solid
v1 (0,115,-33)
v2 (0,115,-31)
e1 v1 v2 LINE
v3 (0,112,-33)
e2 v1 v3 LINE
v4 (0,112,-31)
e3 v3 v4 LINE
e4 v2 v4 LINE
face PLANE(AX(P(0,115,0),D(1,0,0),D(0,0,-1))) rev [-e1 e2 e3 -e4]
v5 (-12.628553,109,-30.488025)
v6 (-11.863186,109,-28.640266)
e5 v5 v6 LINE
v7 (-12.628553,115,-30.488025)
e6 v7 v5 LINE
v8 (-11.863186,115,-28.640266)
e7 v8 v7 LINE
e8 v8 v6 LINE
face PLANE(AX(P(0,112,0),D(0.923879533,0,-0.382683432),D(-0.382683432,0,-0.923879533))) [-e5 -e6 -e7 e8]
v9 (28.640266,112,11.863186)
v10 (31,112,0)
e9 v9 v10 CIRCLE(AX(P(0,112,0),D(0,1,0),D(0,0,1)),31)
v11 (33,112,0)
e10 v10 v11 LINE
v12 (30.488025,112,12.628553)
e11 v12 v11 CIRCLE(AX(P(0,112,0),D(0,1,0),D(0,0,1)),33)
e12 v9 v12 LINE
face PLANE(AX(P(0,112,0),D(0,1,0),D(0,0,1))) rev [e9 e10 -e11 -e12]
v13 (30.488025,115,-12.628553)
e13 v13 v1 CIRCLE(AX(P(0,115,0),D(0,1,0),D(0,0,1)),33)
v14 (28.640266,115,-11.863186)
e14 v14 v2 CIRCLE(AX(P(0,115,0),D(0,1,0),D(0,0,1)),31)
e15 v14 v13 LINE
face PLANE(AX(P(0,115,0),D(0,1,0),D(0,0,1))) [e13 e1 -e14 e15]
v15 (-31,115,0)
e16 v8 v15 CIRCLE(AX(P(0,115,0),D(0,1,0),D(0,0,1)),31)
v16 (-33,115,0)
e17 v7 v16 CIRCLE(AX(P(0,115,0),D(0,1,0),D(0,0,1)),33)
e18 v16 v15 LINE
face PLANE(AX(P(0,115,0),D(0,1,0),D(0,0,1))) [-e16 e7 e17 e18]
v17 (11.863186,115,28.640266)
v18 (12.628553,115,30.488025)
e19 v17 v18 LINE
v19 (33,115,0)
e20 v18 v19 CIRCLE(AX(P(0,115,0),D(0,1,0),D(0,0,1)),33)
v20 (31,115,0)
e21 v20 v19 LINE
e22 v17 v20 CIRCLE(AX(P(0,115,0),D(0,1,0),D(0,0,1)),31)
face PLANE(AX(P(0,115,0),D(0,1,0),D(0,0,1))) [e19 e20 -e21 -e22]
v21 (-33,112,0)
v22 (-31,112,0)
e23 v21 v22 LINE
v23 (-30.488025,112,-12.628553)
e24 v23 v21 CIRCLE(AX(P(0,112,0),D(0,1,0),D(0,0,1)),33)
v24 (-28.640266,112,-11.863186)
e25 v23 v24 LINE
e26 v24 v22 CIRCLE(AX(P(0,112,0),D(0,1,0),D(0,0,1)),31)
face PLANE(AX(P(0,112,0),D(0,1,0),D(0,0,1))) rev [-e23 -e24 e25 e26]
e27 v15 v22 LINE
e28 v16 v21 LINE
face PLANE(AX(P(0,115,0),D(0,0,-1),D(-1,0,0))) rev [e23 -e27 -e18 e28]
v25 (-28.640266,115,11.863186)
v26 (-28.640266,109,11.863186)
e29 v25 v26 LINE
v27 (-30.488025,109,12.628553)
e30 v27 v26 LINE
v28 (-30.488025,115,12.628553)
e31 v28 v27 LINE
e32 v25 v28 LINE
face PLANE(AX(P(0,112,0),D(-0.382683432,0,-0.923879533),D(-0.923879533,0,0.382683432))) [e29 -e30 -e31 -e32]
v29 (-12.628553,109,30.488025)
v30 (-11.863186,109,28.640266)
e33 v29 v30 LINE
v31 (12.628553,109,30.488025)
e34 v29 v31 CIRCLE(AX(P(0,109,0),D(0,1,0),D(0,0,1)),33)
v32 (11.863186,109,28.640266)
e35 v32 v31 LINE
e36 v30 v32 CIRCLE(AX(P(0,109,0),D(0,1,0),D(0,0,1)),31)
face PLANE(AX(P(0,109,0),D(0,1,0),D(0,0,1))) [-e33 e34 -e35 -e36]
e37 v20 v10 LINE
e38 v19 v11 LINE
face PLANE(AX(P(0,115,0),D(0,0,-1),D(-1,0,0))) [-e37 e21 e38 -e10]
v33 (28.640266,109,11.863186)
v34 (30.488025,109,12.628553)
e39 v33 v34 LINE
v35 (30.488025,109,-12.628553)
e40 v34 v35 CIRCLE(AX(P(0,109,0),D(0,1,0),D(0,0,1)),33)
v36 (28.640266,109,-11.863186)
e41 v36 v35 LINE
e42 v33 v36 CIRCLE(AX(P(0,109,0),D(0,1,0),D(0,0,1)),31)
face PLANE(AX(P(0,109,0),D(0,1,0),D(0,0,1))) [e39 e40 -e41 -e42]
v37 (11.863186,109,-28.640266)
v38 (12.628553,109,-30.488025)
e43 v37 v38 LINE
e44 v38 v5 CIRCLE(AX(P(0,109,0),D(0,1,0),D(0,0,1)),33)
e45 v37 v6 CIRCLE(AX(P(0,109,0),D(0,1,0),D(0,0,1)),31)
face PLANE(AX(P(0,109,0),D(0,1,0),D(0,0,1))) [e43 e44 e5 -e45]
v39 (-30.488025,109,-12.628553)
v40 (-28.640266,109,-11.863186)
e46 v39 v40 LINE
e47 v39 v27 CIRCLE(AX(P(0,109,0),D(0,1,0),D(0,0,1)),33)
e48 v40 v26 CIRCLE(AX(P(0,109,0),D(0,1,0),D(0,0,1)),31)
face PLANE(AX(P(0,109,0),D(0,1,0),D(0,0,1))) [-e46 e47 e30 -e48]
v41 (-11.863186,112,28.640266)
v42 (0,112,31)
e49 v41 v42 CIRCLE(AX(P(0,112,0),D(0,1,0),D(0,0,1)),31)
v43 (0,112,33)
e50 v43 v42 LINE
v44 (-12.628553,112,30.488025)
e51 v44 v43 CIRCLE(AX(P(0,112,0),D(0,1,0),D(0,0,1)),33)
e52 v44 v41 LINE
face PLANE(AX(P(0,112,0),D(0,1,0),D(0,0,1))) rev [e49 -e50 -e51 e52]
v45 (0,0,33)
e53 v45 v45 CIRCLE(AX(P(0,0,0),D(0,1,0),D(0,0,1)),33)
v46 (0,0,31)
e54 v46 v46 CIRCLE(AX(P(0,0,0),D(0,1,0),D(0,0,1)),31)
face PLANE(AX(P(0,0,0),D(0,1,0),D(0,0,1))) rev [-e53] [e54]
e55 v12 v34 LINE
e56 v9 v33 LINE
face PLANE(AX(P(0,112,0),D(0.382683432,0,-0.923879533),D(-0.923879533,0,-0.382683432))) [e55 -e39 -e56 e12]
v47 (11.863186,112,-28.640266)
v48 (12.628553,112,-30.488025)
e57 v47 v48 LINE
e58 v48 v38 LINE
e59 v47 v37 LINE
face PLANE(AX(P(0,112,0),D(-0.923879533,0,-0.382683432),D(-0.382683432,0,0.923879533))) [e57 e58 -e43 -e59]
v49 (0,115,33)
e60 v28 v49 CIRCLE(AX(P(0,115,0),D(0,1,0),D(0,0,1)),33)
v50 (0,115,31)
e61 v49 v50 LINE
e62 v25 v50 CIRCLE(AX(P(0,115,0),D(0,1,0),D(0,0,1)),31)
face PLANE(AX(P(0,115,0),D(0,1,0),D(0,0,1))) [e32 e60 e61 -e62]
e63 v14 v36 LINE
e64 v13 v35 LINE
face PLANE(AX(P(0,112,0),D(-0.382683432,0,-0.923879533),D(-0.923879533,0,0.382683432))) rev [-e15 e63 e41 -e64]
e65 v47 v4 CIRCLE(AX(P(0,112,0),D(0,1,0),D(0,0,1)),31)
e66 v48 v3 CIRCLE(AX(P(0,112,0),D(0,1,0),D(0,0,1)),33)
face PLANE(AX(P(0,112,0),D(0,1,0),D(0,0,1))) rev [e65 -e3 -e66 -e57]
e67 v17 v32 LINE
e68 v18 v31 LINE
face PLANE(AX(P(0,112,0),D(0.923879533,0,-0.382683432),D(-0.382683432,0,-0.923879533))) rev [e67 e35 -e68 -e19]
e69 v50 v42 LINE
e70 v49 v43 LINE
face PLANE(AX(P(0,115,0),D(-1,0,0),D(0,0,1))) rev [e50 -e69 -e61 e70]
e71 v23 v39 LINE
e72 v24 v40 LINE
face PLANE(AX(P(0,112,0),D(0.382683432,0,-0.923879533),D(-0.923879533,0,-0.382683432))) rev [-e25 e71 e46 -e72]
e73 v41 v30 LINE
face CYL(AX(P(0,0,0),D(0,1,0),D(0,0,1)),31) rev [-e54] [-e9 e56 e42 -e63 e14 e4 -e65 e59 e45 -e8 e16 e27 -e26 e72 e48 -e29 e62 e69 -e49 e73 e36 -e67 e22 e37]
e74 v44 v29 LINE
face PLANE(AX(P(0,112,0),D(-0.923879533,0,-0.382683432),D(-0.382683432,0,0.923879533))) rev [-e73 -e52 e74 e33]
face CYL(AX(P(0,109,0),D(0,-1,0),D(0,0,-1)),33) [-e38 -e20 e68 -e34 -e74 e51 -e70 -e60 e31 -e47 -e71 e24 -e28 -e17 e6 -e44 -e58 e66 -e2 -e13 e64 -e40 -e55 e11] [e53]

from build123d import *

# Parameters (mm, degrees)
SKETCH1_R           = 33
BOSS_EXTRUDE1_DEPTH = 109
SKETCH2_R           = 31
BOSS_EXTRUDE3_DEPTH = 3
BOSS_EXTRUDE4_DEPTH = 3
CUT_EXTRUDE1_START  = -115
SKETCH4_R           = 31
CUT_EXTRUDE1_DEPTH  = 115


with BuildPart() as part:
    # Sketch1 → Boss-Extrude1 (new body)
    with BuildSketch(Plane(origin=(0, 0, 0), x_dir=(1, 0, 0), z_dir=(0, 1, 0))):
        with Locations(Location((0, 0, 0), (0, 0, 270))):
            Circle(SKETCH1_R)
    extrude(amount=BOSS_EXTRUDE1_DEPTH)

    # Sketch2 → Boss-Extrude3 (add)
    with BuildSketch(Plane(origin=(0, 109, 0), x_dir=(1, 0, 0), z_dir=(0, 1, 0))):
        Circle(SKETCH2_R)
        with BuildLine():
            Line((-30.488024573, 12.628553268), (-28.640265508, 11.863186403))
            ThreePointArc((-28.640265508, 11.863186403), (-21.920310217, 21.920310217), (-11.863186403, 28.640265508))
            Line((-11.863186403, 28.640265508), (-12.628553268, 30.488024573))
            ThreePointArc((-12.628553268, 30.488024573), (-23.334523779, 23.334523779), (-30.488024573, 12.628553268))
        make_face()
        with BuildLine():
            ThreePointArc((11.863186403, 28.640265508), (21.920310217, 21.920310217), (28.640265508, 11.863186403))
            Line((28.640265508, 11.863186403), (30.488024573, 12.628553268))
            ThreePointArc((30.488024573, 12.628553268), (23.334523779, 23.334523779), (12.628553268, 30.488024573))
            Line((12.628553268, 30.488024573), (11.863186403, 28.640265508))
        make_face()
        with BuildLine():
            Line((30.488024573, -12.628553268), (28.640265508, -11.863186403))
            ThreePointArc((28.640265508, -11.863186403), (21.920310217, -21.920310217), (11.863186403, -28.640265508))
            Line((11.863186403, -28.640265508), (12.628553268, -30.488024573))
            ThreePointArc((12.628553268, -30.488024573), (23.334523779, -23.334523779), (30.488024573, -12.628553268))
        make_face()
        with BuildLine():
            Line((-12.628553268, -30.488024573), (-11.863186403, -28.640265508))
            ThreePointArc((-11.863186403, -28.640265508), (-21.920310217, -21.920310217), (-28.640265508, -11.863186403))
            Line((-28.640265508, -11.863186403), (-30.488024573, -12.628553268))
            ThreePointArc((-30.488024573, -12.628553268), (-23.334523779, -23.334523779), (-12.628553268, -30.488024573))
        make_face()
    extrude(amount=BOSS_EXTRUDE3_DEPTH)

    # Sketch3 → Boss-Extrude4 (add)
    with BuildSketch(Plane(origin=(0, 112, 0), x_dir=(1, 0, 0), z_dir=(0, 1, 0))):
        with BuildLine():
            Line((-33, 0), (-31, 0))
            ThreePointArc((-31, 0), (-30.404343693, -6.047799982), (-28.640265508, -11.863186403))
            Line((-28.640265508, -11.863186403), (-30.488024573, -12.628553268))
            ThreePointArc((-30.488024573, -12.628553268), (-18.33381769, -27.438497206), (0, -33))
            Line((0, -33), (0, -31))
            ThreePointArc((0, -31), (6.047799982, -30.404343693), (11.863186403, -28.640265508))
            Line((11.863186403, -28.640265508), (12.628553268, -30.488024573))
            ThreePointArc((12.628553268, -30.488024573), (27.438497206, -18.33381769), (33, 0))
            Line((33, 0), (31, 0))
            ThreePointArc((31, 0), (30.404343693, 6.047799982), (28.640265508, 11.863186403))
            Line((28.640265508, 11.863186403), (30.488024573, 12.628553268))
            ThreePointArc((30.488024573, 12.628553268), (18.33381769, 27.438497206), (0, 33))
            Line((0, 33), (0, 31))
            ThreePointArc((0, 31), (-6.047799982, 30.404343693), (-11.863186403, 28.640265508))
            Line((-11.863186403, 28.640265508), (-12.628553268, 30.488024573))
            ThreePointArc((-12.628553268, 30.488024573), (-27.438497206, 18.33381769), (-33, 0))
        make_face()
    extrude(amount=BOSS_EXTRUDE4_DEPTH)

    # Sketch4 → Cut-Extrude1 (cut)
    with BuildSketch(Plane(origin=(0, 115, 0), x_dir=(1, 0, 0), z_dir=(0, 1, 0)).offset(CUT_EXTRUDE1_START)):
        with Locations(Location((0, 0, 0), (0, 0, 270))):
            Circle(SKETCH4_R)
    extrude(amount=CUT_EXTRUDE1_DEPTH, mode=Mode.SUBTRACT)


solid = part.part
